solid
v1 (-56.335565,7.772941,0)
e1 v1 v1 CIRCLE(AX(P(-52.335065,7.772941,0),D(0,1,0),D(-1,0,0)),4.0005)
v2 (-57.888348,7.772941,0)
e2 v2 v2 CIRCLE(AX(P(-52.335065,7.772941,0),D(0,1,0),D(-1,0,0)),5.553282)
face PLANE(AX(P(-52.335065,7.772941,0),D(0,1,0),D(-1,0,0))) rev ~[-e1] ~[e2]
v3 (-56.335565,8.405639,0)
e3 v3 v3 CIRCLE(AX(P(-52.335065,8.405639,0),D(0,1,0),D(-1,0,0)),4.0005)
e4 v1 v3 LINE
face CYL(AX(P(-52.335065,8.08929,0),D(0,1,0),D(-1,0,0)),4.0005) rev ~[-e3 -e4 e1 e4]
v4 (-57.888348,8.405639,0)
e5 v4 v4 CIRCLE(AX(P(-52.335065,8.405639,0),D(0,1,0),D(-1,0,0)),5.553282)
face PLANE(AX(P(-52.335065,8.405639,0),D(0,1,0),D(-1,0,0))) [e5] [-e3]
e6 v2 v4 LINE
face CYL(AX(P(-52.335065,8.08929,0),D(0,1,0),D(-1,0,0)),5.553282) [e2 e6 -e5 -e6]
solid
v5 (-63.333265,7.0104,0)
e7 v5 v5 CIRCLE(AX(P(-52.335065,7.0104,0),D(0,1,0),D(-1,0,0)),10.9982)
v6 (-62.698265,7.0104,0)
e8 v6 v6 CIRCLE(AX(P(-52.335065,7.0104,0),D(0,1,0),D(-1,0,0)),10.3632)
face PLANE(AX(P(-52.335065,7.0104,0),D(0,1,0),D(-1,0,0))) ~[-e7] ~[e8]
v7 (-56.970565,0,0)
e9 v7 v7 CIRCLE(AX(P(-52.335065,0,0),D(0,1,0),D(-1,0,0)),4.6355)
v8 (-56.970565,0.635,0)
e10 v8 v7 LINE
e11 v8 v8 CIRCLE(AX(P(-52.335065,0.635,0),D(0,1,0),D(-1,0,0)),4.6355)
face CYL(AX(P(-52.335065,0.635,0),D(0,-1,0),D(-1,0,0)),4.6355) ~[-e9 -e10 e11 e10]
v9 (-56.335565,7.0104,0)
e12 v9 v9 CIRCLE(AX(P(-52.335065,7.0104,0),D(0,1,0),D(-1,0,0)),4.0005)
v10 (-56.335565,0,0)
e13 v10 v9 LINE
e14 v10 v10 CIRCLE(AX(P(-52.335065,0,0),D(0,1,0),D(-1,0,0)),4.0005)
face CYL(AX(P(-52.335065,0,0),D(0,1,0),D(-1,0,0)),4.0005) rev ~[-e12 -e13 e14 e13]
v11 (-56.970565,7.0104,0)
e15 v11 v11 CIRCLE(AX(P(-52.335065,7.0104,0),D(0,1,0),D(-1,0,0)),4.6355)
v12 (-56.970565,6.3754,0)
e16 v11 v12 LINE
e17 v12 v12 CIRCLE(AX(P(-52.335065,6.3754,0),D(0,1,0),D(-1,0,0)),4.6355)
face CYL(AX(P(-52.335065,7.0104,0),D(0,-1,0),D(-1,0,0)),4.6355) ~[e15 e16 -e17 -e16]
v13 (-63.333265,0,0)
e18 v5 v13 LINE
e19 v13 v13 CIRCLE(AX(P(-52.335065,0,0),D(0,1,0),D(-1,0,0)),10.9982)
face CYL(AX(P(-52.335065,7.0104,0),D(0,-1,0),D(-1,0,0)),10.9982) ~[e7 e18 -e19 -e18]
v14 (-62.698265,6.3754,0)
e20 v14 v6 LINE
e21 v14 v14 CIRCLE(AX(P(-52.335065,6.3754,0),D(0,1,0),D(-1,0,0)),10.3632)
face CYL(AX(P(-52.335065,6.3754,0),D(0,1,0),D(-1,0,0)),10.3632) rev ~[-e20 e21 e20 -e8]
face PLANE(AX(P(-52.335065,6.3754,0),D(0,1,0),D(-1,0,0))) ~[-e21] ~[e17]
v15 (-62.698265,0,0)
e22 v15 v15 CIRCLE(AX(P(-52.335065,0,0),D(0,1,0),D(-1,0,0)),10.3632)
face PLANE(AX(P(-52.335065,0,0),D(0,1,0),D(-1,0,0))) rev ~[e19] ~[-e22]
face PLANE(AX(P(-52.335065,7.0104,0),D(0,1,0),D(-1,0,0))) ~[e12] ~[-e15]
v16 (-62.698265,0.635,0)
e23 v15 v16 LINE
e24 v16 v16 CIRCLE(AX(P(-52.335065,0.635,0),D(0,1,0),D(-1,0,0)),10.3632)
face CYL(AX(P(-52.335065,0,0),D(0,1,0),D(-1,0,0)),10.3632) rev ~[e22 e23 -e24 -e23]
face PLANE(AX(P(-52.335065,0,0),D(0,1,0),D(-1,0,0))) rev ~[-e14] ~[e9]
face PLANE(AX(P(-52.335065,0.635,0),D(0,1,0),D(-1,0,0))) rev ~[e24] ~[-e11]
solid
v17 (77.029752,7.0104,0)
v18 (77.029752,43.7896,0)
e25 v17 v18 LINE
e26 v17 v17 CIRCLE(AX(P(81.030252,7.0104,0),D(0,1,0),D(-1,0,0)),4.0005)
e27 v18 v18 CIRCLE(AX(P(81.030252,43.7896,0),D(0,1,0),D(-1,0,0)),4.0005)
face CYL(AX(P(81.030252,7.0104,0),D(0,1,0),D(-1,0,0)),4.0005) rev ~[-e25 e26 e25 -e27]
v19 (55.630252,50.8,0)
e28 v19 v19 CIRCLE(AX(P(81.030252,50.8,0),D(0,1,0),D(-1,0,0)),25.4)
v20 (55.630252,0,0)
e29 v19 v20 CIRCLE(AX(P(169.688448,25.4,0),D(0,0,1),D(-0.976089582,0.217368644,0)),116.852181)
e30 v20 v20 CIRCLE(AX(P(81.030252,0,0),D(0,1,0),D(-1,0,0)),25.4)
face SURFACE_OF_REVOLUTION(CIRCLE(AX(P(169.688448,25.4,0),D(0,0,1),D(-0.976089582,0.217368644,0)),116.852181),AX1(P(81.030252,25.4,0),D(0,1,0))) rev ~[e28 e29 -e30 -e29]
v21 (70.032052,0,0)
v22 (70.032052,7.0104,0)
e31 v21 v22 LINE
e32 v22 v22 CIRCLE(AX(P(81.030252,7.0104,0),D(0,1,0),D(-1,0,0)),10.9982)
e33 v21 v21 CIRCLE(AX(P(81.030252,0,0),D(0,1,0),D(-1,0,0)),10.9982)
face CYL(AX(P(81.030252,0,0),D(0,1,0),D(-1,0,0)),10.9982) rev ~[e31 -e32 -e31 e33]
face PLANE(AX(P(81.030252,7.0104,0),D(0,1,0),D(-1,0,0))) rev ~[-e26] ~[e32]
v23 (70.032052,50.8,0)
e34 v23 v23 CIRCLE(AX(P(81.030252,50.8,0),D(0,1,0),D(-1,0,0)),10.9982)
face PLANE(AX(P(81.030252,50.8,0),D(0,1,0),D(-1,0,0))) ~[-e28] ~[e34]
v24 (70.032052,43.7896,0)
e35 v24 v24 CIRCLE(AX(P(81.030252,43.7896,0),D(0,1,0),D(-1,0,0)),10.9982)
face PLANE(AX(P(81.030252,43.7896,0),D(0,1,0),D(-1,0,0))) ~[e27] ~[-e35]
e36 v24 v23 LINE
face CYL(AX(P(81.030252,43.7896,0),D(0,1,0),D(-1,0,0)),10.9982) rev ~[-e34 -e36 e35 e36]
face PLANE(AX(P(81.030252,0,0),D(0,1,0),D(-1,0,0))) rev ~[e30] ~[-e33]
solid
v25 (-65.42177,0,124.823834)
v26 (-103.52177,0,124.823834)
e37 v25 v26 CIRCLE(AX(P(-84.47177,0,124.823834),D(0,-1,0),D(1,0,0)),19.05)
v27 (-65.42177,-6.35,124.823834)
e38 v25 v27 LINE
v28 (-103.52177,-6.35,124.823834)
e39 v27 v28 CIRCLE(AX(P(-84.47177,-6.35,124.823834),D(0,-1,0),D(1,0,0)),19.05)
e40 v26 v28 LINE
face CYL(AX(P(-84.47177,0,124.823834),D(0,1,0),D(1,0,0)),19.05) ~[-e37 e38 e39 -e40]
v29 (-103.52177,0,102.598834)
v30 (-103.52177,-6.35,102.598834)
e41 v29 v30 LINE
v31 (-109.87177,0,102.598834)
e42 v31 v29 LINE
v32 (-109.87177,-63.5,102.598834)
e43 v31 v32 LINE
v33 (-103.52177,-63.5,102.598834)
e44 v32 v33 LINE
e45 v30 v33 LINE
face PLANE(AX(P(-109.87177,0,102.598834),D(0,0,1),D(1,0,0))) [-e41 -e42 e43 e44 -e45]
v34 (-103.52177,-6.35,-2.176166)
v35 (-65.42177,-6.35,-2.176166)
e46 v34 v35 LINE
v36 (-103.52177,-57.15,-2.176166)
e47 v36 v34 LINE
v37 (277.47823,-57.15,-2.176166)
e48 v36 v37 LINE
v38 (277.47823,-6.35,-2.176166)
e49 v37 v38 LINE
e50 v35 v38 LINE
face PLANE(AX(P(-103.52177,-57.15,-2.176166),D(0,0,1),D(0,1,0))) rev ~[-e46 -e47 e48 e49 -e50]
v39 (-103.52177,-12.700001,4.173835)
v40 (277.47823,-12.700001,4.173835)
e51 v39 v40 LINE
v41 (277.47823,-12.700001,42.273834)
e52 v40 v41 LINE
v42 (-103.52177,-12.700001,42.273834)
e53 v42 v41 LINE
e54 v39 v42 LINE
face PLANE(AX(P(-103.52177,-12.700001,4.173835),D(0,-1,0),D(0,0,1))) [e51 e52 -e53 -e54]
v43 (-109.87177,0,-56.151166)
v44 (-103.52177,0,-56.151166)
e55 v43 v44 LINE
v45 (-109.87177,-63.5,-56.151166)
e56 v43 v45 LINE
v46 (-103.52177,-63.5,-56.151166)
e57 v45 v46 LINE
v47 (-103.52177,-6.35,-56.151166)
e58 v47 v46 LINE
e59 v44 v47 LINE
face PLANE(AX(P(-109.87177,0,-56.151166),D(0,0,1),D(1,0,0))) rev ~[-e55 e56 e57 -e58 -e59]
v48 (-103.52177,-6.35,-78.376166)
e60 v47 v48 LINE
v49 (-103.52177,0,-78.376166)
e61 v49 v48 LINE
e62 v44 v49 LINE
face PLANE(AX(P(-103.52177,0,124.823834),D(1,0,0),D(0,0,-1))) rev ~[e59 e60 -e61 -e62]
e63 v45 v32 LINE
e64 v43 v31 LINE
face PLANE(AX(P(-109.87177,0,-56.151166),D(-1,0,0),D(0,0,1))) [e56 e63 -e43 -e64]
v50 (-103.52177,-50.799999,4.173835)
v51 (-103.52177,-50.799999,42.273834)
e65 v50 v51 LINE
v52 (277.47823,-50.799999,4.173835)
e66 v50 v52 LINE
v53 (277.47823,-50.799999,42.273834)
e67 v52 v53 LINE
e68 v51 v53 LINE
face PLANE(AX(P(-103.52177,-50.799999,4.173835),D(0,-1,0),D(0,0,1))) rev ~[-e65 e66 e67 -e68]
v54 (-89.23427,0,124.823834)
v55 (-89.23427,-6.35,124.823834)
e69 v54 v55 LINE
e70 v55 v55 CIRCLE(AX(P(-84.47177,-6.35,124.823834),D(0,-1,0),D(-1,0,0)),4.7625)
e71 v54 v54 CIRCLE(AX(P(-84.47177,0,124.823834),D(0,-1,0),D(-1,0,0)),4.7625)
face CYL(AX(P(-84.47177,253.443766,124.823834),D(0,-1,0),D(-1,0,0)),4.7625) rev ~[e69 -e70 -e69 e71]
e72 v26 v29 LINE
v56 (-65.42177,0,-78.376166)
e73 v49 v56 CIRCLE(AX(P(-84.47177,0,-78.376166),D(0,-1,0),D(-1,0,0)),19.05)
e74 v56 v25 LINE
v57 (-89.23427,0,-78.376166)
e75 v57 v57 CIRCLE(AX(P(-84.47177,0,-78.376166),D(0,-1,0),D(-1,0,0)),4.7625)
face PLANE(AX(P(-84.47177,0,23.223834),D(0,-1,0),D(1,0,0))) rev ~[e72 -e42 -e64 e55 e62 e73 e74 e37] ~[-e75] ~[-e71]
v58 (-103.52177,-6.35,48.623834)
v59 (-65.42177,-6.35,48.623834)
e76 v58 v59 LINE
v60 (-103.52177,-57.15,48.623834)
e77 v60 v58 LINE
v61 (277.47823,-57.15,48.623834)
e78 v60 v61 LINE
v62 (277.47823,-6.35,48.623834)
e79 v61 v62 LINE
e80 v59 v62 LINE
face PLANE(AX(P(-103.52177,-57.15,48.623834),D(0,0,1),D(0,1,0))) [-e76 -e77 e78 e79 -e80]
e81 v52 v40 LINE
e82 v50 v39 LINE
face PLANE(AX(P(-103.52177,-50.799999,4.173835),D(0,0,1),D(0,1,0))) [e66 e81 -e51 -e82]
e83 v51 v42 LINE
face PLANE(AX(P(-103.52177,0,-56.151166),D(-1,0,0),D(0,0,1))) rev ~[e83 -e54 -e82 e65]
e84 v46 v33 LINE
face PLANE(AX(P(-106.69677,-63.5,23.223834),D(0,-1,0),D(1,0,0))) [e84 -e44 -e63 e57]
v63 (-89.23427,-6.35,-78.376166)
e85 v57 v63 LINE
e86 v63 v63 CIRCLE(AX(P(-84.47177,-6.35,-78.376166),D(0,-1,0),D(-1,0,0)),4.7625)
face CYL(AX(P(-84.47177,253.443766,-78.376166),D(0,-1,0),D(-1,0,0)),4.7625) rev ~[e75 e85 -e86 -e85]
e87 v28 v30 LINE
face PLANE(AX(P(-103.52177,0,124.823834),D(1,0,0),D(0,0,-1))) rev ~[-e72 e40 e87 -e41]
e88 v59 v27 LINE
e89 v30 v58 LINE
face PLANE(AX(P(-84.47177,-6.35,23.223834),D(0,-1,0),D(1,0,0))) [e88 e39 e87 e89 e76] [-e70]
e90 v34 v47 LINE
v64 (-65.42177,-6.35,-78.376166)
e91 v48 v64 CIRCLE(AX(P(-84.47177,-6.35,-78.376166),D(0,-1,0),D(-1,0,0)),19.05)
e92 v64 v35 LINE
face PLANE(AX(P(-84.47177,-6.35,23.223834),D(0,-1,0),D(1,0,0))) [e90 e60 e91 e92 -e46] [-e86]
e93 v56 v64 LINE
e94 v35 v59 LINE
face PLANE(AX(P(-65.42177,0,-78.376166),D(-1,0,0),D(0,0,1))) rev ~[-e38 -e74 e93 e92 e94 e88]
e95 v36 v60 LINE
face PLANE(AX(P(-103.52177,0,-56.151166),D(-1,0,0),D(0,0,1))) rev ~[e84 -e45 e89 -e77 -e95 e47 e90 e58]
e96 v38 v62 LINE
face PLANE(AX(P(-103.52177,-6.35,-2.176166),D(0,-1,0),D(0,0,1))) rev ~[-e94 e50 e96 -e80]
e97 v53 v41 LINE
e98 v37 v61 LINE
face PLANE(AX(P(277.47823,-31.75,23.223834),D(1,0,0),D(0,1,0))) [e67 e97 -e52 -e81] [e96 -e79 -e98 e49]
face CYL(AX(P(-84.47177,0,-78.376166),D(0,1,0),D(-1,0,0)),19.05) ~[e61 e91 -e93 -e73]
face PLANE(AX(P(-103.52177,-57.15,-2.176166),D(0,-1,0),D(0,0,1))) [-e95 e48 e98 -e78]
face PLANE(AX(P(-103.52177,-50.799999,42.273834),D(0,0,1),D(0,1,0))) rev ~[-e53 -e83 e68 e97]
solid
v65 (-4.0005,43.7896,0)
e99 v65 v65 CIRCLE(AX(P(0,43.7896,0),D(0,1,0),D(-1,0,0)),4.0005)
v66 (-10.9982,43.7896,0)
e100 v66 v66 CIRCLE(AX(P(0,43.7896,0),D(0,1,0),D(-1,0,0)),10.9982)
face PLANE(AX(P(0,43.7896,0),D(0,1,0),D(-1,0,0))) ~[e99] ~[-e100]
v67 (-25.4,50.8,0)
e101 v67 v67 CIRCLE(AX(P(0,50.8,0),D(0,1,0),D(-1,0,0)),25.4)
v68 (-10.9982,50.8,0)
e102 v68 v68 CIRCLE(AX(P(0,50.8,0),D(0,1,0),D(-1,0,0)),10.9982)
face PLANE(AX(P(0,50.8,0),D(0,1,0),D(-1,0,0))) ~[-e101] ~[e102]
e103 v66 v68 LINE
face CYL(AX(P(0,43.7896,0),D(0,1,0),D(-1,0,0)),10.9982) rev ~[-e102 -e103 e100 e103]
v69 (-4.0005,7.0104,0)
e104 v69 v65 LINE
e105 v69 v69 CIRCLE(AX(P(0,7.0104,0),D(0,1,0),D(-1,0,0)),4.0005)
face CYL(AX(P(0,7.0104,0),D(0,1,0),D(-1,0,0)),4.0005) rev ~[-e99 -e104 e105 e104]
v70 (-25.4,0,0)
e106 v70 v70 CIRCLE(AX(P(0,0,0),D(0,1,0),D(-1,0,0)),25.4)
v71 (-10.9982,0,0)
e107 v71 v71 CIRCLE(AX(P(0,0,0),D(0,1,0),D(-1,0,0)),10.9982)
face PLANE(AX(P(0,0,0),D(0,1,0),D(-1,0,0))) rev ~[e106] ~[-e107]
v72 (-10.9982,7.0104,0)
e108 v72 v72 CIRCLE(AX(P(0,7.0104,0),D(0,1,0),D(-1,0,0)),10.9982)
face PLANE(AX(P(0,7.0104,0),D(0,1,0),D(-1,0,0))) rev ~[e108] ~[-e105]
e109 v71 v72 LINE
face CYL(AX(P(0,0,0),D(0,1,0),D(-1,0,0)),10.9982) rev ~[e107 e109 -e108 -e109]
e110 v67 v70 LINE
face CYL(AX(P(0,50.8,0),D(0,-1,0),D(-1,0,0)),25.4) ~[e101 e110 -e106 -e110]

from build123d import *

# Parameters (mm, degrees)
F0_W     = 6.35
F0_H     = 158.75
F1_DEPTH = 63.5
F2_DEPTH = 6.35
F3_D     = 9.525
F4_W     = 50.8
F4_H     = 50.8
F4_W_2   = 38.0999987721
F4_H_2   = 38.0999987721
F5_DEPTH = 381
F10_W    = 1.5527821722
F10_H    = 0.6326977164


with BuildPart() as f1:
    # F0 (on Front) → F1 (new body)
    with BuildSketch(Plane.XZ):
        with Locations((-106.6967696309, 23.2238343884)):
            Rectangle(F0_W, F0_H)
    extrude(amount=F1_DEPTH)

    # F0 (on Front) → F2 (join)
    with BuildSketch(Plane.XZ):
        with BuildLine():
            Line((-103.5217696309, 102.5988343884), (-103.5217696309, -56.1511656116))
            Line((-103.5217696309, -56.1511656116), (-103.5217696309, -78.3761656116))
            ThreePointArc((-103.5217696309, -78.3761656116), (-84.4717696309, -97.4261656116), (-65.4217696309, -78.3761656116))
            Line((-65.4217696309, -78.3761656116), (-65.4217696309, 124.8238343884))
            ThreePointArc((-65.4217696309, 124.8238343884), (-84.4717696309, 143.8738343884), (-103.5217696309, 124.8238343884))
            Line((-103.5217696309, 124.8238343884), (-103.5217696309, 102.5988343884))
        make_face()
    extrude(amount=F2_DEPTH)

    # F3 (through all)
    with Locations(Plane(origin=(0, 0, 0), x_dir=(1, 0, 0), z_dir=(0, 1, 0))):
        with Locations((-84.4717696309, 78.3761656116), (-84.4717696309, -124.8238343884)):
            Hole(F3_D / 2)

    # F4 (on face) → F5 (join)
    with BuildSketch(Plane.YZ.offset(-103.5217696309)):
        with Locations((-31.75, 23.2238343884)):
            Rectangle(F4_W, F4_H)
        with Locations((-31.75, 23.2238343884)):
            Rectangle(F4_W_2, F4_H_2, mode=Mode.SUBTRACT)
    extrude(amount=F5_DEPTH)


with BuildPart() as f7:
    # F6 (on Top) → F7 (revolve)
    with BuildSketch(Plane.XY):
        Polygon((-25.4, 50.8), (-25.4, 0), (-10.9982, 0), (-10.9982, 7.0104), (-4.0005, 7.0104), (-4.0005, 43.7896), (-10.9982, 43.7896), (-10.9982, 50.8), align=None)
    revolve(axis=Axis((0, 54.4099446642, 0), (0, 1, 0)))


with BuildPart() as f9:
    # F8 (on Top) → F9 (revolve)
    with BuildSketch(Plane.XY):
        with BuildLine():
            ThreePointArc((55.6302515238, 50.8), (52.8362670833, 25.4), (55.6302515238, 0))
            Line((55.6302515238, 0), (70.0320515238, 0))
            Line((70.0320515238, 0), (70.0320515238, 7.0104))
            Line((70.0320515238, 7.0104), (77.0297515238, 7.0104))
            Line((77.0297515238, 7.0104), (77.0297515238, 43.7896))
            Line((77.0297515238, 43.7896), (70.0320515238, 43.7896))
            Line((70.0320515238, 43.7896), (70.0320515238, 50.8))
            Line((70.0320515238, 50.8), (55.6302515238, 50.8))
        make_face()
    revolve(axis=Axis((81.0302515238, 25.4, 0), (0, 1, 0)))


with BuildPart() as f11:
    # F10 (on Top) → F11 (revolve)
    with BuildSketch(Plane.XY):
        Polygon((-56.9705654834, 0), (-56.3355654834, 0), (-56.3355654834, 7.0104), (-56.9705654834, 7.0104), (-56.9705654834, 6.3754), (-62.6982654834, 6.3754), (-62.6982654834, 7.0104), (-63.3332654834, 7.0104), (-63.3332654834, 0), (-62.6982654834, 0), (-62.6982654834, 0.635), (-56.9705654834, 0.635), align=None)
    revolve(axis=Axis((-52.3350654834, 5.8954050789, 0), (0, 1, 0)))


with BuildPart() as f11b:
    # F10 (on Top) → F11, piece 2 (revolve)
    with BuildSketch(Plane.XY):
        with Locations((-57.1119565695, 8.0892900005)):
            Rectangle(F10_W, F10_H)
    revolve(axis=Axis((-52.3350654834, 5.8954050789, 0), (0, 1, 0)))


solid = Compound([f1.part, f7.part, f9.part, f11.part, f11b.part])
